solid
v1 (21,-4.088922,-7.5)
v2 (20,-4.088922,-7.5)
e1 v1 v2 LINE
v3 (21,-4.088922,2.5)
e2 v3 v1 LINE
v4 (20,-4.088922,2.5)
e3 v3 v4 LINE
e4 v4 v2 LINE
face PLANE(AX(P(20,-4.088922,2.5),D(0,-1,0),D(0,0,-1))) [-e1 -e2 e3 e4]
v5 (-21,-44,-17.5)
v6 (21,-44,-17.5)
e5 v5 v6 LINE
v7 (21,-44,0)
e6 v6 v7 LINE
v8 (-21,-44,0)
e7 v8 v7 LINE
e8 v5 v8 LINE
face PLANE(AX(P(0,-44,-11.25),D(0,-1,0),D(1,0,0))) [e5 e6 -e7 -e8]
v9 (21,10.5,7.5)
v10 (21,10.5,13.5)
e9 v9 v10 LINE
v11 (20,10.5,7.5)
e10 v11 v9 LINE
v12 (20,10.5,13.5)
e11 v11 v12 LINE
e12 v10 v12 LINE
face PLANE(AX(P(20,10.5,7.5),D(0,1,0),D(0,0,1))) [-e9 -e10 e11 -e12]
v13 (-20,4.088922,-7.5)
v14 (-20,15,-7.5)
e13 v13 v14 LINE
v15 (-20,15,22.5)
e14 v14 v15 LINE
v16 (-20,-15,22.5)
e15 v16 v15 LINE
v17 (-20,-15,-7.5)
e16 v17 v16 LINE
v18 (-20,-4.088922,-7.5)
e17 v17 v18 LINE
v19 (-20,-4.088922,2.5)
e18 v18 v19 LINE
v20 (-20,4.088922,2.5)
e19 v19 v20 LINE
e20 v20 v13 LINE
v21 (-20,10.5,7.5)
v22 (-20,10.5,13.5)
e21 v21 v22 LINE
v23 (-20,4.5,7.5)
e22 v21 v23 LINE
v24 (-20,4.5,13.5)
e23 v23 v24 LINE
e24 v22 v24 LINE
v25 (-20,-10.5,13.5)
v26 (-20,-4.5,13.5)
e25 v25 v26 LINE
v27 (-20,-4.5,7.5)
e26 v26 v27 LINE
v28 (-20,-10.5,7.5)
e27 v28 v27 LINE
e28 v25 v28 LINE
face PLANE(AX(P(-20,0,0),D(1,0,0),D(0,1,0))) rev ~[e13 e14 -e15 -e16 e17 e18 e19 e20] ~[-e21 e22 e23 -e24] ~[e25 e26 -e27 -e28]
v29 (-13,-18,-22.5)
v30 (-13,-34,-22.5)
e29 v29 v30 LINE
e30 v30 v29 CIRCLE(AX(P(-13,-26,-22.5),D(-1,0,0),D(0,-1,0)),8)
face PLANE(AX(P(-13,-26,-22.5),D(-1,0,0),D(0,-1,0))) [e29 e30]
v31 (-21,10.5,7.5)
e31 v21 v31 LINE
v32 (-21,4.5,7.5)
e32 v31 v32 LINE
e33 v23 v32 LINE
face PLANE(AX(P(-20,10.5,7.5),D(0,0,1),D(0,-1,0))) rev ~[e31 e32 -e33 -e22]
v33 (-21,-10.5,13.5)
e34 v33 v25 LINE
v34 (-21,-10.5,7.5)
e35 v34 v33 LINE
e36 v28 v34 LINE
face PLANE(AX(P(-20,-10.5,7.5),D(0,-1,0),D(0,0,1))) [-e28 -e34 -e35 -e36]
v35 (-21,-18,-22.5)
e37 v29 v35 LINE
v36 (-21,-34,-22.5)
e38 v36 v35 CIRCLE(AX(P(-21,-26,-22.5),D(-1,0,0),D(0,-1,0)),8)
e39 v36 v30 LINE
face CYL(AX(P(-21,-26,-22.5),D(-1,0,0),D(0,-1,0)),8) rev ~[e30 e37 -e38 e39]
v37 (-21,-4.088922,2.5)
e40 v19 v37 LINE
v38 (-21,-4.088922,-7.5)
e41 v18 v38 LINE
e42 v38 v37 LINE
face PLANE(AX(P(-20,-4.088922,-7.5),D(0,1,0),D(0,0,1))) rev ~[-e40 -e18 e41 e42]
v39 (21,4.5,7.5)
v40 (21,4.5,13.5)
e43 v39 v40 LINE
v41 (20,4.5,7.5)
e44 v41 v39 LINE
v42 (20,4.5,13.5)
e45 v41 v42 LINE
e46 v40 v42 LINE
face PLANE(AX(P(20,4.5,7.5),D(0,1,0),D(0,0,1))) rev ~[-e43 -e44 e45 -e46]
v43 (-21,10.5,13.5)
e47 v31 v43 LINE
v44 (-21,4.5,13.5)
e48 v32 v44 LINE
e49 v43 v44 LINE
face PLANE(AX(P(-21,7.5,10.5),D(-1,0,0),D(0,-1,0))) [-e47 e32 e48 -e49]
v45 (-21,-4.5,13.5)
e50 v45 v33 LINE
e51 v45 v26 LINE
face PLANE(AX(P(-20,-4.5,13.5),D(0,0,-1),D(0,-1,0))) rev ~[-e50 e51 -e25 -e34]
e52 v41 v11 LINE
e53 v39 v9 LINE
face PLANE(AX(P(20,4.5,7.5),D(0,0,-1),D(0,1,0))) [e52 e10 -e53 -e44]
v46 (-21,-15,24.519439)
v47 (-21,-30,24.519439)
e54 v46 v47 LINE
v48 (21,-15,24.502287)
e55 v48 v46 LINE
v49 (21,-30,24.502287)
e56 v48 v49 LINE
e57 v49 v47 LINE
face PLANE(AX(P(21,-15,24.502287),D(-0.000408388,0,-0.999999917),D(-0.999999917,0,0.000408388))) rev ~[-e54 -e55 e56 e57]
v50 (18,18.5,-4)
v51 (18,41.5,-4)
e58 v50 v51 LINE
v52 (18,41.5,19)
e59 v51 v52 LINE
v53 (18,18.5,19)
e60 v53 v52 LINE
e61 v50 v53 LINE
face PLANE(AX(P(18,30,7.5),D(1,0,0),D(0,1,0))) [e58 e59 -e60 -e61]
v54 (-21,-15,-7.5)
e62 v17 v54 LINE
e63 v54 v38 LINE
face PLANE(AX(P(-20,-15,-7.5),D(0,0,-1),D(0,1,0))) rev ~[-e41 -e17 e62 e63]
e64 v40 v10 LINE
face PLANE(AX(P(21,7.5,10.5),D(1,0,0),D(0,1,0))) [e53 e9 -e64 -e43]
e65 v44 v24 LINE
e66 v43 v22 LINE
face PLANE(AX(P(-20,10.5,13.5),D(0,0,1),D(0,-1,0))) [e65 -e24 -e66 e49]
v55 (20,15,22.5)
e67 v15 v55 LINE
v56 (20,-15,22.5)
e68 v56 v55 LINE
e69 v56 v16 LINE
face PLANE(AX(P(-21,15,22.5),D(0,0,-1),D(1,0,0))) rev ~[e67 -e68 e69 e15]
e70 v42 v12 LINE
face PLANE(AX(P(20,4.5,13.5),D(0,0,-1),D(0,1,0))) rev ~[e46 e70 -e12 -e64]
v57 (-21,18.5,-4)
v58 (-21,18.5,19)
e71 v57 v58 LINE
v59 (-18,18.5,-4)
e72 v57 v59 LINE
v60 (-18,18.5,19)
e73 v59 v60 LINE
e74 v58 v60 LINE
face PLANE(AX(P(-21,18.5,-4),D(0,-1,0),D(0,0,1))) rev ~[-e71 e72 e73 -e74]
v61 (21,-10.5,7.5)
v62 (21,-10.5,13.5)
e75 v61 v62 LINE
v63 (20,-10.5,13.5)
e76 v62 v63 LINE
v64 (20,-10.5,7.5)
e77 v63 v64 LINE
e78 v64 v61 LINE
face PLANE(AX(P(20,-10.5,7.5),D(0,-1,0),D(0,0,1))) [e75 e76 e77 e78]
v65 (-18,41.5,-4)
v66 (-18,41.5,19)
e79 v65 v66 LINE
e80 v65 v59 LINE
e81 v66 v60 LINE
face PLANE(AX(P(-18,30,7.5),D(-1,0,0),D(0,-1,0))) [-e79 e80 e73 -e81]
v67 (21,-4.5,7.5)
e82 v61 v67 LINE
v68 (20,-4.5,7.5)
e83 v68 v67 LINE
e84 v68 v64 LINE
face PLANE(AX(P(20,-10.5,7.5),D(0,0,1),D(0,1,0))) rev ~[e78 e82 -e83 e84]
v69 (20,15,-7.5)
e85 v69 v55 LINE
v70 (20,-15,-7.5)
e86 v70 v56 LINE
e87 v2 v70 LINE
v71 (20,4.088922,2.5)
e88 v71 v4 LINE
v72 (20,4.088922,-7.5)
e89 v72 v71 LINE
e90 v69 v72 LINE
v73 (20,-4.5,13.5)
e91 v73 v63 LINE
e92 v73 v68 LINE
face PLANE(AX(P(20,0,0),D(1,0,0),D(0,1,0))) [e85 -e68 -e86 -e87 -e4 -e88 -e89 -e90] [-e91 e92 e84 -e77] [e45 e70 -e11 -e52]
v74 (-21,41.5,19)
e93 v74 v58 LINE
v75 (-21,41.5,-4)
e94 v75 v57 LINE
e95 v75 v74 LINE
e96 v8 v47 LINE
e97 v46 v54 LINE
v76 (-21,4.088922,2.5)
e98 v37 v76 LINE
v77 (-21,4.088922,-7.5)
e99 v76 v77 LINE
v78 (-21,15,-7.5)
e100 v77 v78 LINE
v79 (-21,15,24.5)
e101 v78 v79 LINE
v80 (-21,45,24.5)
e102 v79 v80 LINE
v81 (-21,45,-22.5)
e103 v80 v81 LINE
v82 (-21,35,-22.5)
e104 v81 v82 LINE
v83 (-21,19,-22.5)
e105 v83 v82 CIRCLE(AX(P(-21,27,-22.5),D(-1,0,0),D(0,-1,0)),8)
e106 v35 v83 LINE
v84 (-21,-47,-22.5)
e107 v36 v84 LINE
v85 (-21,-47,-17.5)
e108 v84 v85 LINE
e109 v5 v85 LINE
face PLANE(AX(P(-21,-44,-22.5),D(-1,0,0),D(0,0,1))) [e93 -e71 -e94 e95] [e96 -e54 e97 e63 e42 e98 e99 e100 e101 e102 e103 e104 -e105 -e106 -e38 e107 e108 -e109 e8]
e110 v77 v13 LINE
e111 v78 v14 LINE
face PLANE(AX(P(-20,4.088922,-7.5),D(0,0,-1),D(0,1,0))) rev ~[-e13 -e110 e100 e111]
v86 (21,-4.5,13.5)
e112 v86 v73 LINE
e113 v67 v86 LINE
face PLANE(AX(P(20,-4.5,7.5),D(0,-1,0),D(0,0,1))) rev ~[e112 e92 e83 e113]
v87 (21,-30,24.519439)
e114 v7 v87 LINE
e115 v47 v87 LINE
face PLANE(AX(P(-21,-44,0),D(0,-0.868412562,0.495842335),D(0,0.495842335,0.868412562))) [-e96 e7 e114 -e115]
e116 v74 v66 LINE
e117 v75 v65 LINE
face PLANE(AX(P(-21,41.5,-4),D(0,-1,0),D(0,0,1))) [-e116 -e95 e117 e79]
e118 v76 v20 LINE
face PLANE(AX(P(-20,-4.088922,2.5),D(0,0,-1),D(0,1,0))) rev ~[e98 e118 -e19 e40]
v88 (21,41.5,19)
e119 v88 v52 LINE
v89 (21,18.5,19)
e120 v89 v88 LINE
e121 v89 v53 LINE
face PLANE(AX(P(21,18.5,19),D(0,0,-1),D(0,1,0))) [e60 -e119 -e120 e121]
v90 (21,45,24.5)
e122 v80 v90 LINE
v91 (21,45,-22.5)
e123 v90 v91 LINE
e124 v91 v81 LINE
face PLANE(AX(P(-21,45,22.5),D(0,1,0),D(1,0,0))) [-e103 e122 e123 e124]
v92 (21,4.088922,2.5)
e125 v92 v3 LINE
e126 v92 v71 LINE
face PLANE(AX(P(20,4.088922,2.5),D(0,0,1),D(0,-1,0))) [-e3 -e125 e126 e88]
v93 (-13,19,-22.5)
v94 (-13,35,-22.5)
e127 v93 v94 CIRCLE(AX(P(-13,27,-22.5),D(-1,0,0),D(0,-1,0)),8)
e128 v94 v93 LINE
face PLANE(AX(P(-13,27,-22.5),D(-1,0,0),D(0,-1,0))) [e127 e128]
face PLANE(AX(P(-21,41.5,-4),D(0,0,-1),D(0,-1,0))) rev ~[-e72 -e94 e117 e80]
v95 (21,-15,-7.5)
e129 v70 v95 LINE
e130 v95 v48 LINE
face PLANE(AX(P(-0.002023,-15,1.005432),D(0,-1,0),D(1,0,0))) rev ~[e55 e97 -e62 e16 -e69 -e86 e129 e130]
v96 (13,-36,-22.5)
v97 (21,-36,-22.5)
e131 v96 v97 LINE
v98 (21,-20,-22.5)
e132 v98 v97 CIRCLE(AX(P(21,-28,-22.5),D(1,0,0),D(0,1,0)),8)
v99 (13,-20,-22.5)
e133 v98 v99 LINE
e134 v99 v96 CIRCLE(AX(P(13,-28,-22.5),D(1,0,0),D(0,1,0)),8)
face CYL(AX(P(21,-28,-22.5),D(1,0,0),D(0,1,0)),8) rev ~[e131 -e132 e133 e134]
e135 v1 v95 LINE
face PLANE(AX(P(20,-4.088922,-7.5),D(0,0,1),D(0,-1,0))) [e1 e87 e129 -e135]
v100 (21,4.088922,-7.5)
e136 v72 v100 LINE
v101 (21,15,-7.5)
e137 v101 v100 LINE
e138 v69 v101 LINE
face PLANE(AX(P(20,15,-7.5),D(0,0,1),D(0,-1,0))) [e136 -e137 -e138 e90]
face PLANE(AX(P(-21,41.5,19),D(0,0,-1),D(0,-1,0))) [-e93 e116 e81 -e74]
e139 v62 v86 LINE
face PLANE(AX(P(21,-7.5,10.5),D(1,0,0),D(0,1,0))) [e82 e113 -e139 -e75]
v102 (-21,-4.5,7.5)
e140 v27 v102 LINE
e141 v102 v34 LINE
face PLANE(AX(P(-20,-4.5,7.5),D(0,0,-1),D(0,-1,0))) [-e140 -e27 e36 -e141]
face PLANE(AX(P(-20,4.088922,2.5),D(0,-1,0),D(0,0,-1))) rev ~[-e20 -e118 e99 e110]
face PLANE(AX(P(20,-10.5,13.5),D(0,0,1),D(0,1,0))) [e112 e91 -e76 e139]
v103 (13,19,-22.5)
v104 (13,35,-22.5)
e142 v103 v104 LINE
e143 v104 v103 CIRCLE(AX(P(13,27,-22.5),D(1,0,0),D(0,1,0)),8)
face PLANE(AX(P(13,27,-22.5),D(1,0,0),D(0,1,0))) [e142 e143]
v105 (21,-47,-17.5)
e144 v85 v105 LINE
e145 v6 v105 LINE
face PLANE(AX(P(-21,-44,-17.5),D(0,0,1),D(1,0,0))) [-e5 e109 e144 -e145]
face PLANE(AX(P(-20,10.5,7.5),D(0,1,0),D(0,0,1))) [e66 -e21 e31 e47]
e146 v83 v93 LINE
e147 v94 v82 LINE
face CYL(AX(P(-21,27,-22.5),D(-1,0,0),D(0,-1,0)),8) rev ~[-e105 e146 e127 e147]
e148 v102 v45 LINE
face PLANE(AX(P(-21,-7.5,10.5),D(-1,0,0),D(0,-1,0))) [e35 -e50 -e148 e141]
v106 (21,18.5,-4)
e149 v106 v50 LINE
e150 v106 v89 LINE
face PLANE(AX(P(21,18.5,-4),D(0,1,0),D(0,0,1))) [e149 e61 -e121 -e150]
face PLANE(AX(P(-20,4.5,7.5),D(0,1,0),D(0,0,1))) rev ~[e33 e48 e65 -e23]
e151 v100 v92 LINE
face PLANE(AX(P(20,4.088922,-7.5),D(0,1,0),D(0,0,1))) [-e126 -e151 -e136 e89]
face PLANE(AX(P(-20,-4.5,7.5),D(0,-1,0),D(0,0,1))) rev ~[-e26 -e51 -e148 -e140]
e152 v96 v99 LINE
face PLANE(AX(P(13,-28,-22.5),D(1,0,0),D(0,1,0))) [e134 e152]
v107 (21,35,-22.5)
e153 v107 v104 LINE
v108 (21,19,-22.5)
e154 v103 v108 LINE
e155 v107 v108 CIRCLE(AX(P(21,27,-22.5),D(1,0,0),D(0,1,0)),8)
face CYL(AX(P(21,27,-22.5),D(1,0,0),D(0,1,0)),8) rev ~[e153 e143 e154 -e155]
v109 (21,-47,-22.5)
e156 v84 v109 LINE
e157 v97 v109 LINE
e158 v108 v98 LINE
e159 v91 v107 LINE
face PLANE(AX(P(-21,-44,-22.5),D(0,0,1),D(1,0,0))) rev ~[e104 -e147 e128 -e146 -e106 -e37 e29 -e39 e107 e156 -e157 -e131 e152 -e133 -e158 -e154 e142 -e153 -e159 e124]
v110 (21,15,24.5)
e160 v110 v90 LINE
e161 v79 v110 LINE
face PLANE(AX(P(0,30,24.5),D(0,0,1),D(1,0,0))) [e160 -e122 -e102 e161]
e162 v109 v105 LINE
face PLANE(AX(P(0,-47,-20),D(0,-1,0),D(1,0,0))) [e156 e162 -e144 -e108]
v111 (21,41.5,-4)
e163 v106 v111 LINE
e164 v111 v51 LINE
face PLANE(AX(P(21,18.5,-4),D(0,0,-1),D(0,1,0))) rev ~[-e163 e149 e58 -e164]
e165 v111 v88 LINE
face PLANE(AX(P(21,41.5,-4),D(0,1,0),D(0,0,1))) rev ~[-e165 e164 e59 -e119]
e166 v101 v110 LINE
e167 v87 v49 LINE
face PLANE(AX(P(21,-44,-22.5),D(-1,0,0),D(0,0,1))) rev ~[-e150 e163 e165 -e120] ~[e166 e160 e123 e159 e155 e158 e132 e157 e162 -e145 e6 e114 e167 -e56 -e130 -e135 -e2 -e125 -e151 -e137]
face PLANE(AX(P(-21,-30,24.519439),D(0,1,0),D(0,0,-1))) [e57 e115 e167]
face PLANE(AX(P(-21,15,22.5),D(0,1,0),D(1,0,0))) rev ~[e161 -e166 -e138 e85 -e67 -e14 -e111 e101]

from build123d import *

# Parameters (mm, degrees)
F0_W      = 30
F0_H      = 45
F1_DEPTH  = 20
F2_W      = 6
F2_H      = 6
F3_DEPTH  = 1
F5_DEPTH  = 1
F6_W      = 1
F6_H      = 30
F7_DEPTH  = 30
F8_W      = 23
F8_H      = 23
F9_DEPTH  = 3
F10_W     = 23
F10_H     = 23
F11_DEPTH = 3
F12_W     = 42
F12_H     = 30
F13_DEPTH = 2
F14_R     = 8
F15_DEPTH = 8
F17_DEPTH = 15
F18_W     = 42
F18_H     = 22.5
F19_DEPTH = 14
F21_R     = 8
F22_DEPTH = 8
F23_DEPTH = 42
F24_DEPTH = 1
F25_R     = 8
F26_DEPTH = 8
F27_R     = 8
F28_DEPTH = 8
F29_W     = 6
F29_H     = 6
F30_DEPTH = 1
F31_W     = 42
F31_H     = 5
F32_DEPTH = 3


with BuildPart() as f1:
    # F0 (on Right) → F1 (new body, symmetric)
    with BuildSketch(Plane.YZ):
        Rectangle(F0_W, F0_H)
    extrude(amount=F1_DEPTH, both=True)

    # F2 (on face) → F3 (join, symmetric)
    with BuildSketch(Plane(origin=(-20, 0, 0), x_dir=(0, -1, 0), z_dir=(-1, 0, 0))):
        Polygon((-15, -7.5), (-15, -22.5), (15, -22.5), (15, -7.5), (4.0889219381, -7.5), (4.0889219381, 2.5), (-4.0889219381, 2.5), (-4.0889219381, -7.5), align=None)
        with Locations((-7.5, 10.5)):
            Rectangle(F2_W, F2_H)
        with Locations((7.5, 10.5)):
            Rectangle(F2_W, F2_H)
    extrude(amount=F3_DEPTH, both=True)

    # F4 (on face) → F5 (join, symmetric)
    with BuildSketch(Plane.YZ.offset(20)):
        Polygon((-4.0889219381, -7.5), (-15, -7.5), (-15, -22.5), (15, -22.5), (15, -7.5), (4.0889219381, -7.5), (4.0889219381, 2.5), (-4.0889219381, 2.5), align=None)
    extrude(amount=F5_DEPTH, both=True)

    # F6 (on face) → F7 (join)
    with BuildSketch(Plane(origin=(0, 15, 0), x_dir=(-1, 0, 0), z_dir=(0, 1, 0))):
        with Locations((20.5, 7.5)):
            Rectangle(F6_W, F6_H)
        Polygon((-21, -22.5), (21, -22.5), (21, -7.5), (20, -7.5), (20, 22.5), (-20, 22.5), (-20, -7.5), (-21, -7.5), align=None)
        with Locations((-20.5, 7.5)):
            Rectangle(F6_W, F6_H)
    extrude(amount=F7_DEPTH)

    # F8 (on face) → F9 (cut)
    with BuildSketch(Plane(origin=(-21, 0, 0), x_dir=(0, -1, 0), z_dir=(-1, 0, 0))):
        with Locations((-30, 7.5)):
            Rectangle(F8_W, F8_H)
    extrude(amount=-F9_DEPTH, mode=Mode.SUBTRACT)

    # F10 (on face) → F11 (cut)
    with BuildSketch(Plane.YZ.offset(21)):
        with Locations((30, 7.5)):
            Rectangle(F10_W, F10_H)
    extrude(amount=-F11_DEPTH, mode=Mode.SUBTRACT)

    # F12 (on face) → F13 (join)
    with BuildSketch(Plane.XY.offset(22.5)):
        with Locations((0, 30)):
            Rectangle(F12_W, F12_H)
    extrude(amount=F13_DEPTH)

    # F14 (on face) → F15 (cut)
    with BuildSketch(Plane(origin=(-21, 0, 0), x_dir=(0, -1, 0), z_dir=(-1, 0, 0))):
        with Locations((-27, -22.5)):
            Circle(F14_R)
    extrude(amount=-F15_DEPTH, mode=Mode.SUBTRACT)

    # F16 (on face) → F17 (join)
    with BuildSketch(Plane.XZ.offset(15)):
        Polygon((-21, 24.5194389681), (-21, -22.5), (21, -22.5), (21, 24.5022866875), align=None)
    extrude(amount=F17_DEPTH)

    # F18 (on face) → F19 (join)
    with BuildSketch(Plane.XZ.offset(30)):
        with Locations((0, -11.25)):
            Rectangle(F18_W, F18_H)
    extrude(amount=F19_DEPTH)

    # F21 (on face) → F22 (cut)
    with BuildSketch(Plane.YZ.offset(21)):
        with Locations((27, -22.5)):
            Circle(F21_R)
    extrude(amount=-F22_DEPTH, mode=Mode.SUBTRACT)

    # F20 (on face) → F23 (join)
    with BuildSketch(Plane(origin=(-21, 0, 0), x_dir=(0, -1, 0), z_dir=(-1, 0, 0))):
        Polygon((44, 0), (30, 24.5194389681), (30, 0), align=None)
    extrude(amount=-F23_DEPTH)

    # F2 (on face) → F24 (join)
    with BuildSketch(Plane(origin=(-20, 0, 0), x_dir=(0, -1, 0), z_dir=(-1, 0, 0))):
        Polygon((-15, -7.5), (-15, -22.5), (15, -22.5), (15, -7.5), (4.0889219381, -7.5), (4.0889219381, 2.5), (-4.0889219381, 2.5), (-4.0889219381, -7.5), align=None)
        with Locations((-7.5, 10.5)):
            Rectangle(F2_W, F2_H)
        with Locations((7.5, 10.5)):
            Rectangle(F2_W, F2_H)
    extrude(amount=F24_DEPTH)

    # F25 (on face) → F26 (cut)
    with BuildSketch(Plane(origin=(-21, 0, 0), x_dir=(0, -1, 0), z_dir=(-1, 0, 0))):
        with Locations((26, -22.5)):
            Circle(F25_R)
    extrude(amount=-F26_DEPTH, mode=Mode.SUBTRACT)

    # F27 (on face) → F28 (cut)
    with BuildSketch(Plane.YZ.offset(21)):
        with Locations((-28, -22.5)):
            Circle(F27_R)
    extrude(amount=-F28_DEPTH, mode=Mode.SUBTRACT)

    # F29 (on face) → F30 (join, symmetric)
    with BuildSketch(Plane.YZ.offset(20)):
        with Locations((-7.5, 10.5)):
            Rectangle(F29_W, F29_H)
        with Locations((7.5, 10.5)):
            Rectangle(F29_W, F29_H)
    extrude(amount=F30_DEPTH, both=True)

    # F31 (on face) → F32 (join)
    with BuildSketch(Plane.XZ.offset(44)):
        with Locations((0, -20)):
            Rectangle(F31_W, F31_H)
    extrude(amount=F32_DEPTH)


solid = f1.part
